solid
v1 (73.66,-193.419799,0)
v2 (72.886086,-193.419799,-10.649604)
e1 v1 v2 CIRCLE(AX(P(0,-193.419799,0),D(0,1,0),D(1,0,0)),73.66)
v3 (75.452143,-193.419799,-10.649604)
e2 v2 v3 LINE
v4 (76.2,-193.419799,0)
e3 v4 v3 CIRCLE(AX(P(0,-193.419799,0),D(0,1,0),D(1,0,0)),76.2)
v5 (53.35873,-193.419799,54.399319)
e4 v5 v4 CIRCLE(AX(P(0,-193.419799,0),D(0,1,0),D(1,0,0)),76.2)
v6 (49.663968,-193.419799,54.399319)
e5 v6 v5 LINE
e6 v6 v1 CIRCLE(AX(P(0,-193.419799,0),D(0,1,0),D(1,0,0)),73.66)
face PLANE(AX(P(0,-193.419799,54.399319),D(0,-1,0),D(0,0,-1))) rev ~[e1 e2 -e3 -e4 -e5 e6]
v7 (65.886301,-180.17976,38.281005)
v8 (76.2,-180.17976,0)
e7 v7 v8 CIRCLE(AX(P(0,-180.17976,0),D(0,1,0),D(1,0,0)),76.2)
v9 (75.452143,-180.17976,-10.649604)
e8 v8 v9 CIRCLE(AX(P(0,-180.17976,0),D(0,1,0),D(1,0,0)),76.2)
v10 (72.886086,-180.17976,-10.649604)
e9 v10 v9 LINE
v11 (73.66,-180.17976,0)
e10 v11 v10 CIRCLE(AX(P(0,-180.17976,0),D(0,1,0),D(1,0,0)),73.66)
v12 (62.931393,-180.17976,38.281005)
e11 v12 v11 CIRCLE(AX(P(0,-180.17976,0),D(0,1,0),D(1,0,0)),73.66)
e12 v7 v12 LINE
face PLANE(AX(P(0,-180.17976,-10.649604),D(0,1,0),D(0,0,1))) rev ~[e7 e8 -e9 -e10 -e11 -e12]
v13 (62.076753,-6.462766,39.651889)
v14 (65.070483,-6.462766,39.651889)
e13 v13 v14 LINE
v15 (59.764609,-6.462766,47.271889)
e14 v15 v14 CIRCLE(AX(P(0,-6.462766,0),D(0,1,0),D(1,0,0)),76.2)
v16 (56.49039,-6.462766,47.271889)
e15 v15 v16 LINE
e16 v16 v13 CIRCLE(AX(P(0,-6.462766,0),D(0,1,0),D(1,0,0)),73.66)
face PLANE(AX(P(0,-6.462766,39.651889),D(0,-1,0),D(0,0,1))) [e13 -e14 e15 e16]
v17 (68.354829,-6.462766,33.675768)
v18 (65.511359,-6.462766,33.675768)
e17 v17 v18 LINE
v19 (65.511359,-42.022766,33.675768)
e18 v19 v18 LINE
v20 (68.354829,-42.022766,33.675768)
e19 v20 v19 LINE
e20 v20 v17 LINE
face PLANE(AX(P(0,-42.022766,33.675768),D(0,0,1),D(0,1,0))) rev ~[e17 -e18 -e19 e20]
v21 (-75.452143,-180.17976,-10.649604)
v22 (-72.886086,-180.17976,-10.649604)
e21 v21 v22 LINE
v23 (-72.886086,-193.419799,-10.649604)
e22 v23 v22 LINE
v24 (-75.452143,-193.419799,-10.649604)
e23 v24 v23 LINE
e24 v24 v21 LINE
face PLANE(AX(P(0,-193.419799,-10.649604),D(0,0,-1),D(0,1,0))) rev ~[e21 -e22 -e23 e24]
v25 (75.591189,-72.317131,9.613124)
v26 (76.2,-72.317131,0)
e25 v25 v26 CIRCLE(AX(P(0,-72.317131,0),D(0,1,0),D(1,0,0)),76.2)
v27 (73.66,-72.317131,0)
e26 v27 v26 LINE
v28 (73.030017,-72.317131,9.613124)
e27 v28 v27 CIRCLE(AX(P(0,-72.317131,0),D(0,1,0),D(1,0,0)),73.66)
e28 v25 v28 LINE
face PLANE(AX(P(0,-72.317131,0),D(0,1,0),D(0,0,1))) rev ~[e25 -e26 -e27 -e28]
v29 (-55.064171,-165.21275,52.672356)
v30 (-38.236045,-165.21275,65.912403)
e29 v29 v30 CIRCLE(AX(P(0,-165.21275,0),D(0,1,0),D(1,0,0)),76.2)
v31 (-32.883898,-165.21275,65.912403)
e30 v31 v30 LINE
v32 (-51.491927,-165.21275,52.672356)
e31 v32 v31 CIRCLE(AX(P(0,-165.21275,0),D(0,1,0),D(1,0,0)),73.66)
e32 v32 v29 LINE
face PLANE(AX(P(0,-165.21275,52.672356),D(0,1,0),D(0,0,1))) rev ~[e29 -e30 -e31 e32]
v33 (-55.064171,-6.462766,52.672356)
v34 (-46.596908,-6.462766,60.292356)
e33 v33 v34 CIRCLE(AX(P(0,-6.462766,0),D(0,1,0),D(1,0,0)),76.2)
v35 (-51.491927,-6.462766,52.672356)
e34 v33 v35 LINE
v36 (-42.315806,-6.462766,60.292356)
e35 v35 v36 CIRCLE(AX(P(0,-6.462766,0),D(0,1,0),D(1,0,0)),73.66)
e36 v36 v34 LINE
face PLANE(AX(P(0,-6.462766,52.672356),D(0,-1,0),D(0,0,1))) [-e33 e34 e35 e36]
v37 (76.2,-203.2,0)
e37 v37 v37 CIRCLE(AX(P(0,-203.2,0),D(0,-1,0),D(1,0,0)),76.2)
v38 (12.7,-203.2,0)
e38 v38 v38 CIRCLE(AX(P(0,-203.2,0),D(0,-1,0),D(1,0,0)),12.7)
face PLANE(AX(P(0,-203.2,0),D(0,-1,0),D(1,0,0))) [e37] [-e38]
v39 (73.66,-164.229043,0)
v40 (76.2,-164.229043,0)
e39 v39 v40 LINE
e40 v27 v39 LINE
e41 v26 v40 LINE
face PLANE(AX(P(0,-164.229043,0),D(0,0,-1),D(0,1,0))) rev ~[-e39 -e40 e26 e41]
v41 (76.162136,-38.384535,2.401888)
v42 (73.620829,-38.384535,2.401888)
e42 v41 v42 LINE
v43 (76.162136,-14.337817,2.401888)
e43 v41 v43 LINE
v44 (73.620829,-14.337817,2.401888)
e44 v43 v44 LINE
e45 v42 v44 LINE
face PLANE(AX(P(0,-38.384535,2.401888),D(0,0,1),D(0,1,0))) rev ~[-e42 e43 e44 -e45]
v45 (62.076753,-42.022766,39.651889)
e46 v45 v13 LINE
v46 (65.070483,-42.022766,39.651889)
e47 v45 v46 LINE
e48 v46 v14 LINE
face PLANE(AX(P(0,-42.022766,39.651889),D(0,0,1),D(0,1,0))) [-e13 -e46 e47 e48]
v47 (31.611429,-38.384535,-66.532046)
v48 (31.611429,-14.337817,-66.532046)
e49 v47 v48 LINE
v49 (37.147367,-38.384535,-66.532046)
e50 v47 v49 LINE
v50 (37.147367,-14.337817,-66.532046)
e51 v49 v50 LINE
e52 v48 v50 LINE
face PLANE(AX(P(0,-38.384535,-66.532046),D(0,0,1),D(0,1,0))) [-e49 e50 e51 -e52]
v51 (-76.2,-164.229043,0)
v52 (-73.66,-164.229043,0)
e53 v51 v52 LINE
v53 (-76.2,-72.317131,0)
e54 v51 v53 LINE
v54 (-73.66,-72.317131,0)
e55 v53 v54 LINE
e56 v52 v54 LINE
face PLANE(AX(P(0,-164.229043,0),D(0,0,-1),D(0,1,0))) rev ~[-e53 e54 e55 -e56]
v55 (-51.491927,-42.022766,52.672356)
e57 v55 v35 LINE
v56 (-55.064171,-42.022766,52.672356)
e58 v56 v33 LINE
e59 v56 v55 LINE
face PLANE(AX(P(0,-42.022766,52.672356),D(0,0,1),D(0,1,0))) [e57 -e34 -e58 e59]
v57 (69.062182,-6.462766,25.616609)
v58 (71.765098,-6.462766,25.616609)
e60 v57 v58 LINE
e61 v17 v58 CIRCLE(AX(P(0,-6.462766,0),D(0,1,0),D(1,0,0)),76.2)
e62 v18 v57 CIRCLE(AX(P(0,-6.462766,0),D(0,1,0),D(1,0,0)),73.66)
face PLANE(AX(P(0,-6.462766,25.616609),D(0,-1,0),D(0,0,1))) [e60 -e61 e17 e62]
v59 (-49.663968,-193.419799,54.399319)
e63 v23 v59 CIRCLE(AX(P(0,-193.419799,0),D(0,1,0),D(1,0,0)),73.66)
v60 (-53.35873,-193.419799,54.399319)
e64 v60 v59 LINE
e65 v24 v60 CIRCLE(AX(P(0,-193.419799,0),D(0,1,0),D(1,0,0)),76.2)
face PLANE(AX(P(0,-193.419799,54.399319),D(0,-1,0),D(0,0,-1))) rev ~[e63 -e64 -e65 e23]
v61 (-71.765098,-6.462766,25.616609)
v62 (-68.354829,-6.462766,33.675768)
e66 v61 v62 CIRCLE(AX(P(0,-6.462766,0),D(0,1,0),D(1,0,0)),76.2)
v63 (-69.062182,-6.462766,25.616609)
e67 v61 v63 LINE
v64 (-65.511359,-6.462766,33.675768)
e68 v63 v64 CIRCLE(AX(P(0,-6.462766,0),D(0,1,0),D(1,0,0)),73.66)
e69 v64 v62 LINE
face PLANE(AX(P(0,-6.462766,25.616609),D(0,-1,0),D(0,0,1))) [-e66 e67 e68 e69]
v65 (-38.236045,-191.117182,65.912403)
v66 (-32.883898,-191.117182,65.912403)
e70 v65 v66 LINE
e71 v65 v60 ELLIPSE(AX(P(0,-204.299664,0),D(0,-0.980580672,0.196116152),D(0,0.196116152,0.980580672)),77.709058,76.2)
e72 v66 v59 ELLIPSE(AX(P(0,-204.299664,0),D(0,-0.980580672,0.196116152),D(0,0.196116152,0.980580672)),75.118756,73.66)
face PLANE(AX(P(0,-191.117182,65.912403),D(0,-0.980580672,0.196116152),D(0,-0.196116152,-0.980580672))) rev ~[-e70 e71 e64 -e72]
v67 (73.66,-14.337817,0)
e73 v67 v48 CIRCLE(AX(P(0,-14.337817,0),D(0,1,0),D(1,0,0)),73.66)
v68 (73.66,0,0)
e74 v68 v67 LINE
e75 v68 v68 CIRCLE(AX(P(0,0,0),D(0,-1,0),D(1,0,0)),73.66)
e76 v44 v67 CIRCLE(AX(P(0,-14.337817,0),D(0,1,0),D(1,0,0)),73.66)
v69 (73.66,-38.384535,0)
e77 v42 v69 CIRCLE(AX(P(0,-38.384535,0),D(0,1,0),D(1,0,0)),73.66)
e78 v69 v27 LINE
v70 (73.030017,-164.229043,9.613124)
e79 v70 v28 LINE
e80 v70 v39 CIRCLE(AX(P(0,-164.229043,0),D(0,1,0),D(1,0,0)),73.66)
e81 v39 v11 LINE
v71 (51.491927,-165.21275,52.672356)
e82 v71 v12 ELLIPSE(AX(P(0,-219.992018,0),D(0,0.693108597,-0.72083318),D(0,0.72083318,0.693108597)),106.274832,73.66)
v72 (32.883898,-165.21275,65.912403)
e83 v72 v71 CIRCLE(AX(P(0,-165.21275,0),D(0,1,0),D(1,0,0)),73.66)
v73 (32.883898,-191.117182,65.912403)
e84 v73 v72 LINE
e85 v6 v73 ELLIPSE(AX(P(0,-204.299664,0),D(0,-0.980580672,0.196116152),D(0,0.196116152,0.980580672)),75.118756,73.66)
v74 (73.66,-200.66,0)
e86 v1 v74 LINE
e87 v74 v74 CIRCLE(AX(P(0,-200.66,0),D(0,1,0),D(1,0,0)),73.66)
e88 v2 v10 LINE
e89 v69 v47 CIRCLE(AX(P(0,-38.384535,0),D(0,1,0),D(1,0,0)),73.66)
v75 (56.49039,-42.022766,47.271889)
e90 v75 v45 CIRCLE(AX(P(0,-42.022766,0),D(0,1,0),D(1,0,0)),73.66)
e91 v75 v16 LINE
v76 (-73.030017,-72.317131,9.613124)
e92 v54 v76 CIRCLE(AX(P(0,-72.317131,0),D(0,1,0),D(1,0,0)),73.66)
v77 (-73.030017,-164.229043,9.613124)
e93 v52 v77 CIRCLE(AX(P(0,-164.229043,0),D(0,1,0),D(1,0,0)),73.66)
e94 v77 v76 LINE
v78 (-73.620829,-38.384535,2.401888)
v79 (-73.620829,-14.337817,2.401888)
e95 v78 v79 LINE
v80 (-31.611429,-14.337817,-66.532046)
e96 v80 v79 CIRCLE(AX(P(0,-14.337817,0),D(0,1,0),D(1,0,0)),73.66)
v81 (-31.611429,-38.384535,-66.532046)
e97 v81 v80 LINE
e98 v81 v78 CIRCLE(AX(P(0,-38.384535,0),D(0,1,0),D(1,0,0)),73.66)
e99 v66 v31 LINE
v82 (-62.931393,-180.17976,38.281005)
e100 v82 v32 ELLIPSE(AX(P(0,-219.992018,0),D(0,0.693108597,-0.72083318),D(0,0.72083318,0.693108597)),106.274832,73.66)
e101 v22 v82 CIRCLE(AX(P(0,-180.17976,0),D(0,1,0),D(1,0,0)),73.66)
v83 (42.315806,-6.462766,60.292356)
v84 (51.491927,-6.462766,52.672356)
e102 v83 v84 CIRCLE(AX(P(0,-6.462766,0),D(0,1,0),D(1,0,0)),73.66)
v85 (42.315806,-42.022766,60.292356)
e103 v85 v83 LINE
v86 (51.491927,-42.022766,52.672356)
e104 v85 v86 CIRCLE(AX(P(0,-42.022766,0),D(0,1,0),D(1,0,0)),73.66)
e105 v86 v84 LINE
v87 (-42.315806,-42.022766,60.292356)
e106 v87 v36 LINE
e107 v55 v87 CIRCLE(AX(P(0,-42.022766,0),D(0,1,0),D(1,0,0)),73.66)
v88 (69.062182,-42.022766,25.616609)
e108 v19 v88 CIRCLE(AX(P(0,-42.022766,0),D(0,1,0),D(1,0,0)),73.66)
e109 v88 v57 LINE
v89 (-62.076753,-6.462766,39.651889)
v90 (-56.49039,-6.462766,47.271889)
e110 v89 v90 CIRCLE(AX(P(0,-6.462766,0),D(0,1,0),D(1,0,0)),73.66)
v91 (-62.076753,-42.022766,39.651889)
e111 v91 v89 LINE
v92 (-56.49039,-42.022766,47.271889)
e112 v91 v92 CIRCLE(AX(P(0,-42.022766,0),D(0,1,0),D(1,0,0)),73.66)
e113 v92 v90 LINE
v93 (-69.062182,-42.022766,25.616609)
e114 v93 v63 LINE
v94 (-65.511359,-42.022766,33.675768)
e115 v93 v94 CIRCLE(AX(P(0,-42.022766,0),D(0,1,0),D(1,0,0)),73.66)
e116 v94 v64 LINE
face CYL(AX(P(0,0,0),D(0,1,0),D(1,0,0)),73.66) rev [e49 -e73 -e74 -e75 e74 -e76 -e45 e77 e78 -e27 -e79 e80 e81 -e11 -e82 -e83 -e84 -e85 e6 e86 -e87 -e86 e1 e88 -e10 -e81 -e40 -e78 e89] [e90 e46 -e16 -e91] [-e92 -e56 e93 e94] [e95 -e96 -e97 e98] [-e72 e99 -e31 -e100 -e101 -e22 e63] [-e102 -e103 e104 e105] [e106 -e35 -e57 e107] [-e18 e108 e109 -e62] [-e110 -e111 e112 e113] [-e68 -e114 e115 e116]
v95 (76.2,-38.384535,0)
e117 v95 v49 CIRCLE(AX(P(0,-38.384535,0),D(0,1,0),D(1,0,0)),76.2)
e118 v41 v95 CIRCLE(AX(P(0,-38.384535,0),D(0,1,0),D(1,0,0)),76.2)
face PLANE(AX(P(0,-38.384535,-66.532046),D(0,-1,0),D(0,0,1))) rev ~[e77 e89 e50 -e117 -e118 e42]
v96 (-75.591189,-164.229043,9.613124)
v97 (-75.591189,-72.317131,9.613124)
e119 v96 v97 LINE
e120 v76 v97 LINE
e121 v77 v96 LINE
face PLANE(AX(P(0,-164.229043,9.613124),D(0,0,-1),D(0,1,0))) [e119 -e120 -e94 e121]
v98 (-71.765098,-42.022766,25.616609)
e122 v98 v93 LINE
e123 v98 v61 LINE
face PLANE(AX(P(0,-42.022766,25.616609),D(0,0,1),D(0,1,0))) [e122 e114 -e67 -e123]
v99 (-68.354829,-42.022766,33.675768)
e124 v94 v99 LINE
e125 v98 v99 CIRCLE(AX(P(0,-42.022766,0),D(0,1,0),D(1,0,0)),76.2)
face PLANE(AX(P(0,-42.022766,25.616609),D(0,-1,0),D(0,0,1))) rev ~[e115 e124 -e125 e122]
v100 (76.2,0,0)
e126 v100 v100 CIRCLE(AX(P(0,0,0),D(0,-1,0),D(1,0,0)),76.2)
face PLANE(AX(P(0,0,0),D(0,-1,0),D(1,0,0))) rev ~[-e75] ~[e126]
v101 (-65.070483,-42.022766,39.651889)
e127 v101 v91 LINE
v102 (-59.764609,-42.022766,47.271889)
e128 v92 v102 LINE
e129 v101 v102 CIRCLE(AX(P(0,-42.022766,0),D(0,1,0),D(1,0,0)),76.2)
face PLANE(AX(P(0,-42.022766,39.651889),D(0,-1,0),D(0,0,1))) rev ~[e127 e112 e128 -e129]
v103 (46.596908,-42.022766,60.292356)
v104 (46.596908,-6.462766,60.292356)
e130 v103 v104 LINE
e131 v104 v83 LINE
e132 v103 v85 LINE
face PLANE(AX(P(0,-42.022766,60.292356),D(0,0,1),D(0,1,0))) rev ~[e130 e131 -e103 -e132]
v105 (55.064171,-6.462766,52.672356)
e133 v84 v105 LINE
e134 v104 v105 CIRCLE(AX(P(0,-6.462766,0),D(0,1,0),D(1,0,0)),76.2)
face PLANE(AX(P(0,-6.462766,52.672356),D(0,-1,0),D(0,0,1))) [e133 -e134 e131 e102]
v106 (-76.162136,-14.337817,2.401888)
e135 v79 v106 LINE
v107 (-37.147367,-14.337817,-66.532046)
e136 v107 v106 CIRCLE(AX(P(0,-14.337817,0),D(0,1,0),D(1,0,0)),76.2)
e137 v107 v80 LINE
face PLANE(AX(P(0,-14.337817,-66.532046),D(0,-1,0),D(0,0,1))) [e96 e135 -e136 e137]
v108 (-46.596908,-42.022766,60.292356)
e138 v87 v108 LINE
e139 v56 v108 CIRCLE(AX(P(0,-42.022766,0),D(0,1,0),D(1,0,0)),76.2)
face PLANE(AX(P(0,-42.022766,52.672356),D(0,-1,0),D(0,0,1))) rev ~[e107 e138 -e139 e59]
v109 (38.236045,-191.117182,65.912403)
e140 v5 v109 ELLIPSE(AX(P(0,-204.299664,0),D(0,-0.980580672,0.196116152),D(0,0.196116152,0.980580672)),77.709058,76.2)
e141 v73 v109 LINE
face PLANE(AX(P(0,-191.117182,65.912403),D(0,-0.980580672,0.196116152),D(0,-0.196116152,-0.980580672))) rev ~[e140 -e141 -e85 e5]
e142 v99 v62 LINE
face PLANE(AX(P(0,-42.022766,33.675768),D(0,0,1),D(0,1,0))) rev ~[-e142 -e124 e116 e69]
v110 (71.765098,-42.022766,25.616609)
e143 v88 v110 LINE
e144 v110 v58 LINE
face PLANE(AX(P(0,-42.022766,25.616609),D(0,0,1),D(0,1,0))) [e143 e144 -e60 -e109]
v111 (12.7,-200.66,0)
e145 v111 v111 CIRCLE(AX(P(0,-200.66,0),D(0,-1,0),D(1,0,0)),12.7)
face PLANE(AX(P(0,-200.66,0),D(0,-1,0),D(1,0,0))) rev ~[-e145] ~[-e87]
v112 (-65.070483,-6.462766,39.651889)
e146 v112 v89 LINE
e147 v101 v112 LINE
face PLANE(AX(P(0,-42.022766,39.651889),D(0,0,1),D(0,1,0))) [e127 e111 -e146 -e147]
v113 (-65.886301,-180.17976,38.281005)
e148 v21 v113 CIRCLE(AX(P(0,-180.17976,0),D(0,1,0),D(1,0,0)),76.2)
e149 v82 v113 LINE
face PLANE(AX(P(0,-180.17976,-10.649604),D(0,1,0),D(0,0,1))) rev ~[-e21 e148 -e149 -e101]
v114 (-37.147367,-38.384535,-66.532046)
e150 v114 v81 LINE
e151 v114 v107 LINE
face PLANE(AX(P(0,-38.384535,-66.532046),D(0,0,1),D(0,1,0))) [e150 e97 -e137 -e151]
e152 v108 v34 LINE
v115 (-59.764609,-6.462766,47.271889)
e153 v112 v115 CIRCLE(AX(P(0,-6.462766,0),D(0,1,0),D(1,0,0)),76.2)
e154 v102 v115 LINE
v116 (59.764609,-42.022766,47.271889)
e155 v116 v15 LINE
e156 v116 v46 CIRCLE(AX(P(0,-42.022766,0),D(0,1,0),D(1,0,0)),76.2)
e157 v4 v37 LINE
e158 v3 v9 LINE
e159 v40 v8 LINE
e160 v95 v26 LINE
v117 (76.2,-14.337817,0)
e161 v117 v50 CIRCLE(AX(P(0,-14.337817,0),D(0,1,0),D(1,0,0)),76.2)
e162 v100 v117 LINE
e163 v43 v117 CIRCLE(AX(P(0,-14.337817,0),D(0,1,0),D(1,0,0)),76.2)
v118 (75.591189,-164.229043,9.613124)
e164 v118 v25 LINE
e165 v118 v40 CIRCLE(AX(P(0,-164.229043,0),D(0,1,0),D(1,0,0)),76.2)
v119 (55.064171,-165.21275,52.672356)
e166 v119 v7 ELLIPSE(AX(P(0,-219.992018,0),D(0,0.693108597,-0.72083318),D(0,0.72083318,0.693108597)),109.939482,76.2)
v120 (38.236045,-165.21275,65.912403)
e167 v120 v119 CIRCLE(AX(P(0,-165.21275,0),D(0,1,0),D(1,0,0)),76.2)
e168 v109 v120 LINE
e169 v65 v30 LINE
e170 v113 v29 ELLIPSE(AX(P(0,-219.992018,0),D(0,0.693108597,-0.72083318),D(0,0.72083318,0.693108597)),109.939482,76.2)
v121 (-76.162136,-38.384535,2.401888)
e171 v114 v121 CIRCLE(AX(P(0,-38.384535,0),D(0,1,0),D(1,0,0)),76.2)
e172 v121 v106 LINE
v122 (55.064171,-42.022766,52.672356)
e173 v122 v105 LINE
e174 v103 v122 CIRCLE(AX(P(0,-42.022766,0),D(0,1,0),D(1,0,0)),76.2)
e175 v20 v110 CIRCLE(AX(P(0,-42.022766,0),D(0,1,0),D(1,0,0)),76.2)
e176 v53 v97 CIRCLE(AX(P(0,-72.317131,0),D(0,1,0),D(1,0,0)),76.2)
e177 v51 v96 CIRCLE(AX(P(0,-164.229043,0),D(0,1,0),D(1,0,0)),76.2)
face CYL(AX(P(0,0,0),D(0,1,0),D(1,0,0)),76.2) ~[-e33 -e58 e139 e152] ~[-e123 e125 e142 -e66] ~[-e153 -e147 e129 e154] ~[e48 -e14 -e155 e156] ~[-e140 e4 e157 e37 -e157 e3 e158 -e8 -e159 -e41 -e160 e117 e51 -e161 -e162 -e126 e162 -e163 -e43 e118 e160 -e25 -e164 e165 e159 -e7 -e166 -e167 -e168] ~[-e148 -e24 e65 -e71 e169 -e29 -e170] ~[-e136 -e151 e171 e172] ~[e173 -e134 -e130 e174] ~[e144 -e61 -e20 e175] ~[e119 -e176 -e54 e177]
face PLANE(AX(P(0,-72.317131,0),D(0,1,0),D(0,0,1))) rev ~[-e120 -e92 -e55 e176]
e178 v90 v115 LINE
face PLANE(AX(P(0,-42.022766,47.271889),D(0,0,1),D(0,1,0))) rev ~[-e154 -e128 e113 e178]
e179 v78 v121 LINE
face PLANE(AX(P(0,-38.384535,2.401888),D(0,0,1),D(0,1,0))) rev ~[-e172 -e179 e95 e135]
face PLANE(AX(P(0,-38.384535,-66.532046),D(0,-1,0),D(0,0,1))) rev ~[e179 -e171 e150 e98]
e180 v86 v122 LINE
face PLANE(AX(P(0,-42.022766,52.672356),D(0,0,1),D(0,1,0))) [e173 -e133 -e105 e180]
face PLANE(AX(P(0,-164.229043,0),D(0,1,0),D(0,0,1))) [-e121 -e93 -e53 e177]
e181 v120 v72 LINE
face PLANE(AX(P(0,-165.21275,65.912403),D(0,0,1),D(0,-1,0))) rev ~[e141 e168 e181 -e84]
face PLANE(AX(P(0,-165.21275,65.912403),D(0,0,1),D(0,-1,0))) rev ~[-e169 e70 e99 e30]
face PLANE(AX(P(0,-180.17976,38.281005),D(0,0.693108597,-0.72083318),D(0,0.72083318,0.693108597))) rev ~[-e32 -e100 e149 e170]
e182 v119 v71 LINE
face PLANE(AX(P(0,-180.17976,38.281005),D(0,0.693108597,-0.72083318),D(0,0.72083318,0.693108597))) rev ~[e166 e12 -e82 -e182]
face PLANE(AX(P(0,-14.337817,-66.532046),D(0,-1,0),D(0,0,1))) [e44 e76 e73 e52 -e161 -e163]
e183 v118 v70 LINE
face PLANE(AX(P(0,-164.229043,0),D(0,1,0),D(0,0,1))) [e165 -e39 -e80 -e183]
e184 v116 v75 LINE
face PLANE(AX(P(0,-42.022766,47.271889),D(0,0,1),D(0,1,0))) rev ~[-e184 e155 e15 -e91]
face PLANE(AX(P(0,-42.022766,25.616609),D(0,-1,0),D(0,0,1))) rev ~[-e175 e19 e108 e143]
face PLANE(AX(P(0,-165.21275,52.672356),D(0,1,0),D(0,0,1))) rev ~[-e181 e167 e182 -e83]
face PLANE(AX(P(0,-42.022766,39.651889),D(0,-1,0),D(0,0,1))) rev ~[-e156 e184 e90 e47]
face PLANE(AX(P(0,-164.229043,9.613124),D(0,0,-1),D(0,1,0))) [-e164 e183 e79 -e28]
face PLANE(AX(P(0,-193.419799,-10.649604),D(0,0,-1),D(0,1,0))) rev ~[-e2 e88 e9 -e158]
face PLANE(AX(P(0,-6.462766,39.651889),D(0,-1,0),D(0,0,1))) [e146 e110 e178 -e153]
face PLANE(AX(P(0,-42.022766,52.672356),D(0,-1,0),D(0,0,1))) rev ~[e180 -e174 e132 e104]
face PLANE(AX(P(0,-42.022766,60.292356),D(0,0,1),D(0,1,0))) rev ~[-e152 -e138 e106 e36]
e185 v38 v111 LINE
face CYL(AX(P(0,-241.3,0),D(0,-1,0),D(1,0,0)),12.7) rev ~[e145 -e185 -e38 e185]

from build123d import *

# Parameters (mm, degrees)
F0_R      = 76.2
F1_DEPTH  = 203.2
F2_R      = 12.7
F3_DEPTH  = 38.1
F4_T      = -2.54
F5_W      = 35.56
F5_H      = 7.62
F5_H_2    = 8.059159
F6_DEPTH  = 88.9
F7_R      = 12.7
F8_DEPTH  = 241.301
F9_W      = 24.046719
F9_H      = 68.933934
F9_W_2    = 91.911912
F9_H_2    = 9.613124
F10_DEPTH = 127


with BuildPart() as f1:
    # F0 (on Front) → F1 (new body)
    with BuildSketch(Plane.XZ):
        Circle(F0_R)
    extrude(amount=F1_DEPTH)

    # F2 (on face) → F3 (join)
    with BuildSketch(Plane.XZ.offset(203.2)):
        Circle(F2_R)
    extrude(amount=F3_DEPTH)

    # F4
    f4_openings = [f1.faces().sort_by_distance(p)[0] for p in [
        (0, 0, 0),
    ]]
    offset(amount=F4_T, openings=f4_openings)

    # F5 (on Right) → F6 (cut, symmetric)
    with BuildSketch(Plane.YZ):
        with Locations((-24.242766, 56.482356)):
            Rectangle(F5_W, F5_H)
        with Locations((-24.242766, 43.461889)):
            Rectangle(F5_W, F5_H)
        with Locations((-24.242766, 29.646189)):
            Rectangle(F5_W, F5_H_2)
        Polygon((-165.21275, 65.912403), (-191.117182, 65.912403), (-193.419799, 54.399319), (-193.419799, -10.649604), (-180.17976, -10.649604), (-180.17976, 38.281005), (-165.21275, 52.672356), align=None)
    extrude(amount=F6_DEPTH, both=True, mode=Mode.SUBTRACT)

    # F7 (on face) → F8 (cut, through all)
    with BuildSketch(Plane.XZ.offset(241.3)):
        Circle(F7_R)
    extrude(amount=-F8_DEPTH, mode=Mode.SUBTRACT)

    # F9 (on Right) → F10 (cut, symmetric)
    with BuildSketch(Plane.YZ):
        with Locations((-26.361176, -32.065079)):
            Rectangle(F9_W, F9_H)
        with Locations((-118.273087, 4.806562)):
            Rectangle(F9_W_2, F9_H_2)
    extrude(amount=F10_DEPTH, both=True, mode=Mode.SUBTRACT)


solid = f1.part
